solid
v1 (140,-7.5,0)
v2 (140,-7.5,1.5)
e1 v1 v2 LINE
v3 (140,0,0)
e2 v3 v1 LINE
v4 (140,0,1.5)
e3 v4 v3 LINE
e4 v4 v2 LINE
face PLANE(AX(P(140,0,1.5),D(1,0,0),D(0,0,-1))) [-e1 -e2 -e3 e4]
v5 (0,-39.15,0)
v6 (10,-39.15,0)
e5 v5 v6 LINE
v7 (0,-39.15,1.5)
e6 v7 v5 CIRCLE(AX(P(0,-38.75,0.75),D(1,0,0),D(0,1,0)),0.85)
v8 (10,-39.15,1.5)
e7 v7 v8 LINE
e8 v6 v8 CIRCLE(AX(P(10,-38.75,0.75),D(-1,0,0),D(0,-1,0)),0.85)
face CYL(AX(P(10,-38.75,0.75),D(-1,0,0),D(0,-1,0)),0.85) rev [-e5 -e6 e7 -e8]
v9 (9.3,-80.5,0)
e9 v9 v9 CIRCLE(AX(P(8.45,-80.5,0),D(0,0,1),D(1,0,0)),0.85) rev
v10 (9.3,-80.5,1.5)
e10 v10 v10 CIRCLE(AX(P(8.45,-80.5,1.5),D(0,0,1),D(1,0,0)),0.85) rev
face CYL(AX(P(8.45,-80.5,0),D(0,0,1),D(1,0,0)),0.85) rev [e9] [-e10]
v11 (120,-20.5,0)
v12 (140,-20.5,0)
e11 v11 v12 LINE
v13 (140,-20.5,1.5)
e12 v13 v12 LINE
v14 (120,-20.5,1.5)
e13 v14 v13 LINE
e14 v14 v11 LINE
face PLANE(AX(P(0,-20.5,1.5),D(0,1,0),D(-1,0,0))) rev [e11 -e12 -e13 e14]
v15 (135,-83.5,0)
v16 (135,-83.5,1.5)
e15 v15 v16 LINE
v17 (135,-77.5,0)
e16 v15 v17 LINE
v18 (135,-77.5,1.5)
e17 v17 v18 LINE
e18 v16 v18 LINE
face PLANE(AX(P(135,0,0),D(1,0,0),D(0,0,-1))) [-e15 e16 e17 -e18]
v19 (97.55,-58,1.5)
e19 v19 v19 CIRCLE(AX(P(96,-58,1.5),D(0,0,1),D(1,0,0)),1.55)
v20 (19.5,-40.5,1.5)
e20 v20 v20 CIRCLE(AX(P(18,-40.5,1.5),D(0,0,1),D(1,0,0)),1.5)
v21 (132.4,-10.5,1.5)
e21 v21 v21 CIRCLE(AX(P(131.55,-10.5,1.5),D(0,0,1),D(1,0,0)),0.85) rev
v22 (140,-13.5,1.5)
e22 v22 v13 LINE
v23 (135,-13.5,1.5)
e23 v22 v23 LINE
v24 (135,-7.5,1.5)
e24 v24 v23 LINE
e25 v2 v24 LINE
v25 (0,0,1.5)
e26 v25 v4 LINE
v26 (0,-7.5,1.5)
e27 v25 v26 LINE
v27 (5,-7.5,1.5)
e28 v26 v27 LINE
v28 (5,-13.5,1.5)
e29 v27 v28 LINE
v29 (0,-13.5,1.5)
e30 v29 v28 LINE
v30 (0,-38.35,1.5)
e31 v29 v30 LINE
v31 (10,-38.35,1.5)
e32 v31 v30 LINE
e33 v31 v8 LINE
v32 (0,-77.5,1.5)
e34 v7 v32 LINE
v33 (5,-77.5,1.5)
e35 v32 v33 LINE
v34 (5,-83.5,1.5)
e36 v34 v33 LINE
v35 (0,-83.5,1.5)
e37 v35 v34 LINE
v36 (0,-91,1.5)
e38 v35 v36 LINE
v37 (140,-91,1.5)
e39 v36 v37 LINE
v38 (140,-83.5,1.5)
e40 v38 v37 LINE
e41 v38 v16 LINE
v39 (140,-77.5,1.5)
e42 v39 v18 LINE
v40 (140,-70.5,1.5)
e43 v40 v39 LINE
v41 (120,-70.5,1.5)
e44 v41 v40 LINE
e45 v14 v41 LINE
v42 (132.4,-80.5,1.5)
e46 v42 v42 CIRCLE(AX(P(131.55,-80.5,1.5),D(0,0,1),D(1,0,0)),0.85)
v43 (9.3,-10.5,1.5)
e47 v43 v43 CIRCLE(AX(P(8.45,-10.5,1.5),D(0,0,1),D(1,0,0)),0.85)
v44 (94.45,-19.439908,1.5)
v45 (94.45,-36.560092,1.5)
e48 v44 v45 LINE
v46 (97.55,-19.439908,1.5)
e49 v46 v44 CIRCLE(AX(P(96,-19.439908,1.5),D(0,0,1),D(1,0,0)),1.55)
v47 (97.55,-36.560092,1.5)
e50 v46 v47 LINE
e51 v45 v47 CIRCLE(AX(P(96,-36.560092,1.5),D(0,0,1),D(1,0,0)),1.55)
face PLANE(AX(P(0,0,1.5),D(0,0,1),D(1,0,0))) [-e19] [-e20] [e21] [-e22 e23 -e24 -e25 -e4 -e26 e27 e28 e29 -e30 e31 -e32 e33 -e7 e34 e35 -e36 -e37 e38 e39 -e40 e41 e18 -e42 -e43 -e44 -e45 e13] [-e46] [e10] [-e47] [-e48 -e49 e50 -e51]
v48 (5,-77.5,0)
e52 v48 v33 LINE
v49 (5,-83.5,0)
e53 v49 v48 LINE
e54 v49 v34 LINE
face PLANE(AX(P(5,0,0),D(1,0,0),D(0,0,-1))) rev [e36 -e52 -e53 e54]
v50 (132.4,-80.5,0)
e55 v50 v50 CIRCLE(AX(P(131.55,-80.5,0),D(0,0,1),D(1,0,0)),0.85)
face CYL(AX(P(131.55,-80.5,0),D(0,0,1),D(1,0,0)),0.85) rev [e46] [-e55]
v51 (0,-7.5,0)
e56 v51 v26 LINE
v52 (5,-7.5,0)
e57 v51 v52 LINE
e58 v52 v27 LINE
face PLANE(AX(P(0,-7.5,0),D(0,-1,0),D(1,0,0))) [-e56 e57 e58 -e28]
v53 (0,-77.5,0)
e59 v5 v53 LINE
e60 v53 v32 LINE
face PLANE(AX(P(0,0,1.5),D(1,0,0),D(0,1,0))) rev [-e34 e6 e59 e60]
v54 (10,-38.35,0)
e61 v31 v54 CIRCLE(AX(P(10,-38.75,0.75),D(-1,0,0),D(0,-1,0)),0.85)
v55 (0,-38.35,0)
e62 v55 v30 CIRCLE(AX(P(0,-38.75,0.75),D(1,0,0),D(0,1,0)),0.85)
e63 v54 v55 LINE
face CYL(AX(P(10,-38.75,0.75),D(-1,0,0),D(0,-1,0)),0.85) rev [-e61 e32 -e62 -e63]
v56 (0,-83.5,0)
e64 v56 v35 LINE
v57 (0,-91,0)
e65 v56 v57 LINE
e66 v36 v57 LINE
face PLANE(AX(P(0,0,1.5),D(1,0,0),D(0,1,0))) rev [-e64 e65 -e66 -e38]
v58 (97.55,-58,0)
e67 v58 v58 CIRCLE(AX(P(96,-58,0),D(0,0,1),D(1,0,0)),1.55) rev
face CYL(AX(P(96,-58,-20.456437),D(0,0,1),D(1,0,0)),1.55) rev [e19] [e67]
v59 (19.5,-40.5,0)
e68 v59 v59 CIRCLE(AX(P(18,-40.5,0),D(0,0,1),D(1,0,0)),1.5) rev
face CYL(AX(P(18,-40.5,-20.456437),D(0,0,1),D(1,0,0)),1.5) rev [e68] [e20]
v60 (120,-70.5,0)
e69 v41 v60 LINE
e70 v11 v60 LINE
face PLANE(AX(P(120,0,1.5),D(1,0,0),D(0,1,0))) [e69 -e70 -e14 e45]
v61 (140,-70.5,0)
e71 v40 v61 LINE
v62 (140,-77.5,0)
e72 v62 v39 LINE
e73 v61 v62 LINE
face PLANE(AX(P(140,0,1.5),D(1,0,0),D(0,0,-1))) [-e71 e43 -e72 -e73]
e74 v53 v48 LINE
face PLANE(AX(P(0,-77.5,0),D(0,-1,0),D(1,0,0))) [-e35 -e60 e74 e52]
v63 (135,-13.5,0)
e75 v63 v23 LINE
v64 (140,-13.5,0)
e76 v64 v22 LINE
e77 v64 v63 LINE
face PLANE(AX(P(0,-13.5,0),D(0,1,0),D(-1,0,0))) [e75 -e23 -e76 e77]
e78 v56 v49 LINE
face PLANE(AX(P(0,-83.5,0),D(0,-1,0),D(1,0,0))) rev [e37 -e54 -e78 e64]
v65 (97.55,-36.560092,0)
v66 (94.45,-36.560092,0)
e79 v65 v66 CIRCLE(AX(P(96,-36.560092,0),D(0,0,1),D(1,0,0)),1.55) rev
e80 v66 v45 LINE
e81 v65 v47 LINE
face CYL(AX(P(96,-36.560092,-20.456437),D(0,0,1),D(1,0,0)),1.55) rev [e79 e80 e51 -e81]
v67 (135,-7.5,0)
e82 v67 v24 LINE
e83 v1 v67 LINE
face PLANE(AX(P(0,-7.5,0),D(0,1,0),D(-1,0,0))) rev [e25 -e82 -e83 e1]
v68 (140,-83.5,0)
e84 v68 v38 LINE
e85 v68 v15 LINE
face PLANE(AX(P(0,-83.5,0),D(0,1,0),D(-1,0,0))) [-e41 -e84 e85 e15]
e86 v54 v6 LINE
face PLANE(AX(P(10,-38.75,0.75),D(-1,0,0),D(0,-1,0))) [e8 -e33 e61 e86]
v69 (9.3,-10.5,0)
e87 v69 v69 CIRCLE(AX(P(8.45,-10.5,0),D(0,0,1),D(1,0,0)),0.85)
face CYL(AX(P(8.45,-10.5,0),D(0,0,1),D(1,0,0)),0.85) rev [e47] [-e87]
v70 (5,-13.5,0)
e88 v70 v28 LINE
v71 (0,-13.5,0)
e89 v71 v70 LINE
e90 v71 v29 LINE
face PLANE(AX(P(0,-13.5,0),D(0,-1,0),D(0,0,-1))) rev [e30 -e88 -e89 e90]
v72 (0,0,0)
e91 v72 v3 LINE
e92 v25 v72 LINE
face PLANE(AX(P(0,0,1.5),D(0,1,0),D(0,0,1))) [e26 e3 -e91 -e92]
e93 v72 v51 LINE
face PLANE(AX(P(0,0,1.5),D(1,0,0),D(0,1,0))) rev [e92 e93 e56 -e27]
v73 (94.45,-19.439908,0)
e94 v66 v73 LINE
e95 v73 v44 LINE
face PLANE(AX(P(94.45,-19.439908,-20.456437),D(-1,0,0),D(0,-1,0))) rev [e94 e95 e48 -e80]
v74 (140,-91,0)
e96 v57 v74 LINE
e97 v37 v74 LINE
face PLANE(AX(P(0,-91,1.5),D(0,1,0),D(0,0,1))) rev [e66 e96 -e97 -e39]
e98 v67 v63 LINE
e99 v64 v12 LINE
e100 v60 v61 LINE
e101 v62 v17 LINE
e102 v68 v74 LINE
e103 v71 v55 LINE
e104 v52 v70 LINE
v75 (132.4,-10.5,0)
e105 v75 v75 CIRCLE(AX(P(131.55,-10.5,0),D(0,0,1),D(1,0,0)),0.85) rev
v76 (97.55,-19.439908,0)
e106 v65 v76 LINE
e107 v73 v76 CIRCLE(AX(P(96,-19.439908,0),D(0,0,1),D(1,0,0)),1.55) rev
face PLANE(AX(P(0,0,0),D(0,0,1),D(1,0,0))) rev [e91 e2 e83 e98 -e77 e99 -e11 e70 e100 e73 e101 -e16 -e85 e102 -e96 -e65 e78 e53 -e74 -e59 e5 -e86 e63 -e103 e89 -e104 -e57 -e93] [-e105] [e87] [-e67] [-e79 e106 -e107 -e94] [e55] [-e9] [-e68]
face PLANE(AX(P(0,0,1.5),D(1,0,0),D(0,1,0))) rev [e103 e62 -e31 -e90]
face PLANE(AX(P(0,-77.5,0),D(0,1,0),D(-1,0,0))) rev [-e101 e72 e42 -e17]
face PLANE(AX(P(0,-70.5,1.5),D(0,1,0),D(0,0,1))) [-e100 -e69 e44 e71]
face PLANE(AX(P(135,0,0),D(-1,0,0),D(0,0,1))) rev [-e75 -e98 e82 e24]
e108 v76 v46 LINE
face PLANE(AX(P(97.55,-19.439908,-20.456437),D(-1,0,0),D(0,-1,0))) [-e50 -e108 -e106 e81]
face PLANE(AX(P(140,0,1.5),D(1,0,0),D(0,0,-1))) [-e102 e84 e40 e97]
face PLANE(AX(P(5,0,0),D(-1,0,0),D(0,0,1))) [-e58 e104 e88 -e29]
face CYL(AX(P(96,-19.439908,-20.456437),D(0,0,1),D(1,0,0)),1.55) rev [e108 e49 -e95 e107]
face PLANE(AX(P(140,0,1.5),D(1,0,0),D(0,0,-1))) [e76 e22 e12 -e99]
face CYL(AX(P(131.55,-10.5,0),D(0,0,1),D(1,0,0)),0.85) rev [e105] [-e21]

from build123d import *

# Parameters (mm, degrees)
BOSS_EXTRUDE1_DEPTH = 1.5
SKETCH3_R           = 1.5
SKETCH3_R_2         = 1.55
CUT_EXTRUDE1_DEPTH  = 1.5
SKETCH10_W          = 5
SKETCH10_H          = 6
SKETCH10_R          = 0.85
CUT_EXTRUDE5_DEPTH  = 167.982783544
SKETCH8_R           = 0.85
CUT_EXTRUDE4_DEPTH  = 10


with BuildPart() as part:
    # Sketch1 → Boss-Extrude1 (new body)
    with BuildSketch(Plane.XY):
        Polygon((140, 0), (0, 0), (0, -91), (140, -91), (140, -70.5), (120, -70.5), (120, -20.5), (140, -20.5), align=None)
    extrude(amount=BOSS_EXTRUDE1_DEPTH)

    # Sketch3 → Cut-Extrude1 (cut)
    with BuildSketch(Plane.XY.offset(1.5)):
        with Locations((18, -40.5)):
            Circle(SKETCH3_R)
        with Locations((96, -58)):
            Circle(SKETCH3_R_2)
        with BuildLine():
            Line((97.55, -19.439908336), (97.55, -36.560091664))
            ThreePointArc((97.55, -36.560091664), (96, -38.110091664), (94.45, -36.560091664))
            Line((94.45, -36.560091664), (94.45, -19.439908336))
            ThreePointArc((94.45, -19.439908336), (96, -17.889908336), (97.55, -19.439908336))
        make_face()
    extrude(amount=-CUT_EXTRUDE1_DEPTH, mode=Mode.SUBTRACT)

    # Sketch10 → Cut-Extrude5 (cut, through all)
    with BuildSketch(Plane.XY.offset(1.5)):
        with Locations((2.5, -10.5)):
            Rectangle(SKETCH10_W, SKETCH10_H)
        with Locations((2.5, -80.5)):
            Rectangle(SKETCH10_W, SKETCH10_H)
        with Locations((137.5, -10.5)):
            Rectangle(SKETCH10_W, SKETCH10_H)
        with Locations((137.5, -80.5)):
            Rectangle(SKETCH10_W, SKETCH10_H)
        with Locations((8.45, -10.5)):
            Circle(SKETCH10_R)
        with Locations((8.45, -80.5)):
            Circle(SKETCH10_R)
        with Locations((131.55, -10.5)):
            Circle(SKETCH10_R)
        with Locations((131.55, -80.5)):
            Circle(SKETCH10_R)
    extrude(amount=-CUT_EXTRUDE5_DEPTH, mode=Mode.SUBTRACT)

    # Sketch8 → Cut-Extrude4 (cut)
    with BuildSketch(Plane.ZY):
        with Locations((0.75, -38.75)):
            Circle(SKETCH8_R)
        with Locations((0.75, 31.25)):
            Circle(SKETCH8_R)
    extrude(amount=-CUT_EXTRUDE4_DEPTH, mode=Mode.SUBTRACT)


solid = part.part
